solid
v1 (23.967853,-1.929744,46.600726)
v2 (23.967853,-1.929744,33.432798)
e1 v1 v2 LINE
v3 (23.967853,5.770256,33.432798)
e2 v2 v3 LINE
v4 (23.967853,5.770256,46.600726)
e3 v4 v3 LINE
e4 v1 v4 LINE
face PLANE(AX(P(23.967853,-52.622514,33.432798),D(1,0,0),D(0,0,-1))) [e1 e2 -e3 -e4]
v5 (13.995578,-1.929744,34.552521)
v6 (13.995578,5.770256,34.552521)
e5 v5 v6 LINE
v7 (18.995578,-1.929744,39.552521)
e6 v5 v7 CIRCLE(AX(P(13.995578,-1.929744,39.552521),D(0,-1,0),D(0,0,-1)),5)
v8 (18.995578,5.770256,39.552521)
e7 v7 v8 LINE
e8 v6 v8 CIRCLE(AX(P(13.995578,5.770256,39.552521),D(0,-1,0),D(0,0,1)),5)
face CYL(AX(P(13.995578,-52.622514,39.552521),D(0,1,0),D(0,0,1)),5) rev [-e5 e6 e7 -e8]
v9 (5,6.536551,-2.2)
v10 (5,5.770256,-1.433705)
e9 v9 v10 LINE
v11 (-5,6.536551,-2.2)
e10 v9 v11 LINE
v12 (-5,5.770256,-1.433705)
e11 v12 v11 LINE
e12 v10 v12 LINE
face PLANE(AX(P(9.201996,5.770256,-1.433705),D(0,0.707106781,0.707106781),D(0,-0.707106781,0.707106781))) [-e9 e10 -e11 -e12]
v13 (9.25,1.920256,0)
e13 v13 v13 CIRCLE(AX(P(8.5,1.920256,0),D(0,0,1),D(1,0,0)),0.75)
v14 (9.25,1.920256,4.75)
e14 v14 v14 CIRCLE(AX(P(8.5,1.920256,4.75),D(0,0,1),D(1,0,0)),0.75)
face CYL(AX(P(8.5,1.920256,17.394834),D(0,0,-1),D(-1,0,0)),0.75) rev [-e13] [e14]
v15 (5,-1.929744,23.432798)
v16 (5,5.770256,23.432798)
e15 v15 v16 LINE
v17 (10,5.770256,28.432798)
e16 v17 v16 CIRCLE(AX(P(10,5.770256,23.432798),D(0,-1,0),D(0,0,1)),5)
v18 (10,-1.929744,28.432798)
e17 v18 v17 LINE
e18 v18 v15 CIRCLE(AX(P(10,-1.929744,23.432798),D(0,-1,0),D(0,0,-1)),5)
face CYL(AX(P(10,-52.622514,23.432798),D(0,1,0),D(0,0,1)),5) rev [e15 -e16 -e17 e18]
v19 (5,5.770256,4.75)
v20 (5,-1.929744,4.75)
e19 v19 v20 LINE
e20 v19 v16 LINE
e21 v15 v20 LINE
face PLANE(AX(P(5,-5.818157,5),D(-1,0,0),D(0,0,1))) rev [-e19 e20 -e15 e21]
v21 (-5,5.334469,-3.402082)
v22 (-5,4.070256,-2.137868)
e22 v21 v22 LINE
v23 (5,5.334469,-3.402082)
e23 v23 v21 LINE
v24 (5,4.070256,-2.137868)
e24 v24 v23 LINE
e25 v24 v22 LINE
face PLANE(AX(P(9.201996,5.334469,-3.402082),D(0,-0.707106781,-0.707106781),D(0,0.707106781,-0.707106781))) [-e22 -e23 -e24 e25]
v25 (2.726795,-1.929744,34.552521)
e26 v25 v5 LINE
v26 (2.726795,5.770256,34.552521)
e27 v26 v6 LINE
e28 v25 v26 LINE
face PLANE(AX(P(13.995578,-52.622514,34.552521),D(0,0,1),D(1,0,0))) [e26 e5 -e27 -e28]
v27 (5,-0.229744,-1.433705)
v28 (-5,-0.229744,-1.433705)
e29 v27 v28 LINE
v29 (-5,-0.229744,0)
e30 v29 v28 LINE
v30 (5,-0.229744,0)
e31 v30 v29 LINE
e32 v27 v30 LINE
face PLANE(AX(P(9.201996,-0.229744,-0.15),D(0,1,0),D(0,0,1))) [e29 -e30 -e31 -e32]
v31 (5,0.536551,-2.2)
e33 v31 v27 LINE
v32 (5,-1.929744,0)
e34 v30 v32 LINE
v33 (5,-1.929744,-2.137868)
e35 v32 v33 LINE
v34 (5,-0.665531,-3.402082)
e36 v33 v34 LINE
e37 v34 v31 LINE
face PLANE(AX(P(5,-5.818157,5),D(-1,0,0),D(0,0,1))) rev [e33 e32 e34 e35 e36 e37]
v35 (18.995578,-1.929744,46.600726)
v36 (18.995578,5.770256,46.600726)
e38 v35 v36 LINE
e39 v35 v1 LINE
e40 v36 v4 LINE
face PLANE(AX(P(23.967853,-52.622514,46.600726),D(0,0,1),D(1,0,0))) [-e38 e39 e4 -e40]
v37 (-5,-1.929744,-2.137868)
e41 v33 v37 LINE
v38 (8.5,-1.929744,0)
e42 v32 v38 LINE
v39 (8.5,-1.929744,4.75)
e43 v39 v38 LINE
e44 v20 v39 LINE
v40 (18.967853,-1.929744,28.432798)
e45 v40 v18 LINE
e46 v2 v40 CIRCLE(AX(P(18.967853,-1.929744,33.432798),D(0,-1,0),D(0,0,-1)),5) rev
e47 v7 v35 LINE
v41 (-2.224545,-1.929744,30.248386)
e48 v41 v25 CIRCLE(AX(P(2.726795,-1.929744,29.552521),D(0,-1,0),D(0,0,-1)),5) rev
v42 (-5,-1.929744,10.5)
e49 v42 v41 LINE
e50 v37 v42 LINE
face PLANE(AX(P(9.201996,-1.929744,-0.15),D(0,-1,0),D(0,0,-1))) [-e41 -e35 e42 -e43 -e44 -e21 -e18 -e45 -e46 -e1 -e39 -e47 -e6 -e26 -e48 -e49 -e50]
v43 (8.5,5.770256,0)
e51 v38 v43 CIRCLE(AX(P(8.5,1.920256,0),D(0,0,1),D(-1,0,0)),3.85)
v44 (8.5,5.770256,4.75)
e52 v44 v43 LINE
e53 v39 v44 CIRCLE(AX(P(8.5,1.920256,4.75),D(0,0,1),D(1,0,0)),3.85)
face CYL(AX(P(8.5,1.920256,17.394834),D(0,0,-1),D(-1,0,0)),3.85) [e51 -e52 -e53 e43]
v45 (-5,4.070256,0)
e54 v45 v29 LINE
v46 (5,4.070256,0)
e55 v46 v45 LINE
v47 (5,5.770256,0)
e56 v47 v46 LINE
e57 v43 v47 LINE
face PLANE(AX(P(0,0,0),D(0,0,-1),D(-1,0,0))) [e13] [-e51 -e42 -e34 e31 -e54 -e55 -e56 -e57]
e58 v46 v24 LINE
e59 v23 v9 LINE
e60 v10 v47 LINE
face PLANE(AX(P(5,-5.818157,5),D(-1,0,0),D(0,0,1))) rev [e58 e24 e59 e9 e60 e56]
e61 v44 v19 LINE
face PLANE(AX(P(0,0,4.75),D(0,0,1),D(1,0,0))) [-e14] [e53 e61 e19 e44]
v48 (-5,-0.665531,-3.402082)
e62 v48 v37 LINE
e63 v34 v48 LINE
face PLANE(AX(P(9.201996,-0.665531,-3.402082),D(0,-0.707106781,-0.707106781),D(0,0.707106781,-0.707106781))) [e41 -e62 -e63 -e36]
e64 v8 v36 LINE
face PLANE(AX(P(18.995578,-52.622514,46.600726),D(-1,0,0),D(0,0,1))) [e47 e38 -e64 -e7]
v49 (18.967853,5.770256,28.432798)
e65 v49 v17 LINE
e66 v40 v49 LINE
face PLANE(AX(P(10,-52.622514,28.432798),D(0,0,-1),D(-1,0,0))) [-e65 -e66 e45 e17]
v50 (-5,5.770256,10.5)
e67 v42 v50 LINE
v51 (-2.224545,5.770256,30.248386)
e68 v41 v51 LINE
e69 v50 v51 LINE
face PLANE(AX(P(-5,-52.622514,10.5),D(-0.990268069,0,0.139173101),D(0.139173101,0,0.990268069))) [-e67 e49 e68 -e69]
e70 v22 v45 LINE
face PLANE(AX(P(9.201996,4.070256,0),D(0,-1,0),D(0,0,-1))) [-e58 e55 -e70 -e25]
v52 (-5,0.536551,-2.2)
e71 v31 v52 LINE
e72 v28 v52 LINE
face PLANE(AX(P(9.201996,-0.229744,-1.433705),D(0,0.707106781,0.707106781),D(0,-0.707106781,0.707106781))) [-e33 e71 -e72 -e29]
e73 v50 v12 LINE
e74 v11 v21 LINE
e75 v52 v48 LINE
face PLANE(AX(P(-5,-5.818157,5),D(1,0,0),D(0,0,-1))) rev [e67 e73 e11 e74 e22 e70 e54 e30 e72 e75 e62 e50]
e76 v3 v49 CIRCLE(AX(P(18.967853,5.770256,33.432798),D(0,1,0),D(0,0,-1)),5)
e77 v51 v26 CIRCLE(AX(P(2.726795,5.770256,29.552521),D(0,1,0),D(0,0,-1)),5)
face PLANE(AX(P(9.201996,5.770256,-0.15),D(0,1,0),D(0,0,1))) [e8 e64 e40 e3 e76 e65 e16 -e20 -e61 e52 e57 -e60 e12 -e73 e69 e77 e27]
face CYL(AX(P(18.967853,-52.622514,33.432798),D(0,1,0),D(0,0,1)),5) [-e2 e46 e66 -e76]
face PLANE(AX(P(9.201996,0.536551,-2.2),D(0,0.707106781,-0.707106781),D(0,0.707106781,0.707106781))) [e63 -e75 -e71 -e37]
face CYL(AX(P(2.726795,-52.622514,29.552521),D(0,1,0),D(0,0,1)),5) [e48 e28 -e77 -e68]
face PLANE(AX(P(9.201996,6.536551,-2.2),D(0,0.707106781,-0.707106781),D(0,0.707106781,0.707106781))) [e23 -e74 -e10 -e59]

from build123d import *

# Parameters (mm, degrees)
SKETCH2_W           = 10
SKETCH2_H           = 14.768412439
BOSS_EXTRUDE1_DEPTH = 5
BOSS_EXTRUDE4_DEPTH = 10
SKETCH9_W           = 10
SKETCH9_H           = 3.18
SKETCH9_H_2         = 3.888412439
CUT_EXTRUDE3_DEPTH  = 5
BOSS_EXTRUDE5_DEPTH = 7.7
SKETCH12_R          = 0.75
BOSS_EXTRUDE7_DEPTH = 4.75


with BuildPart() as part:
    # Sketch2 → Boss-Extrude1 (new body)
    with BuildSketch(Plane.XY):
        with Locations((0, 1.566049366)):
            Rectangle(SKETCH2_W, SKETCH2_H)
    extrude(amount=BOSS_EXTRUDE1_DEPTH)

    # Sketch8 → Boss-Extrude4 (add)
    with BuildSketch(Plane.ZY.offset(5)):
        Polygon((-0.15, 5.770255585), (0, 5.770255585), (0, 4.070255585), (-0.15, 4.070255585), (-2.137867966, 4.070255585), (-3.402081528, 5.334469147), (-2.2, 6.536550675), (-1.43370491, 5.770255585), align=None)
        Polygon((-0.15, -1.929744415), (0, -1.929744415), (0, -0.229744415), (-0.15, -0.229744415), (-1.43370491, -0.229744415), (-2.2, 0.536550675), (-3.402081528, -0.665530853), (-2.137867966, -1.929744415), align=None)
    extrude(amount=-BOSS_EXTRUDE4_DEPTH)

    # Sketch9 → Cut-Extrude3 (cut)
    with BuildSketch(Plane(origin=(0, 0, 0), x_dir=(-1, 0, 0), z_dir=(0, 0, -1))):
        with Locations((0, 7.360255585)):
            Rectangle(SKETCH9_W, SKETCH9_H)
        with Locations((0, -3.873950635)):
            Rectangle(SKETCH9_W, SKETCH9_H_2)
    extrude(amount=-CUT_EXTRUDE3_DEPTH, mode=Mode.SUBTRACT)

    # Sketch10 → Boss-Extrude5 (add)
    with BuildSketch(Plane(origin=(0, 5.770255585, 0), x_dir=(1, 0, 0), z_dir=(0, 1, 0))):
        with BuildLine():
            Line((-5, -5), (-5, -10.5))
            Line((-5, -10.5), (-2.224545314, -30.248386236))
            ThreePointArc((-2.224545314, -30.248386236), (-0.553500116, -33.326068633), (2.726795029, -34.552520732))
            Line((2.726795029, -34.552520732), (13.995577548, -34.552520732))
            ThreePointArc((13.995577548, -34.552520732), (17.531111453, -36.016986826), (18.995577548, -39.552520732))
            Line((18.995577548, -39.552520732), (18.995577548, -46.600725687))
            Line((18.995577548, -46.600725687), (23.967852608, -46.600725687))
            Line((23.967852608, -46.600725687), (23.967852608, -33.43279758))
            ThreePointArc((23.967852608, -33.43279758), (22.503386514, -29.897263674), (18.967852608, -28.43279758))
            Line((18.967852608, -28.43279758), (10, -28.43279758))
            ThreePointArc((10, -28.43279758), (6.464466094, -26.968331486), (5, -23.43279758))
            Line((5, -23.43279758), (5, -14))
            Line((5, -14), (5, -5))
            Line((5, -5), (-5, -5))
        make_face()
    extrude(amount=-BOSS_EXTRUDE5_DEPTH)

    # Sketch12 → Boss-Extrude7 (add)
    with BuildSketch(Plane.XY):
        with BuildLine():
            Line((5, 5.770255585), (8.5, 5.770255585))
            ThreePointArc((8.5, 5.770255585), (12.35, 1.920255585), (8.5, -1.929744415))
            Line((8.5, -1.929744415), (5, -1.929744415))
            Line((5, -1.929744415), (5, 5.770255585))
        make_face()
        with Locations((8.5, 1.920255585)):
            Circle(SKETCH12_R, mode=Mode.SUBTRACT)
    extrude(amount=BOSS_EXTRUDE7_DEPTH)


solid = part.part
